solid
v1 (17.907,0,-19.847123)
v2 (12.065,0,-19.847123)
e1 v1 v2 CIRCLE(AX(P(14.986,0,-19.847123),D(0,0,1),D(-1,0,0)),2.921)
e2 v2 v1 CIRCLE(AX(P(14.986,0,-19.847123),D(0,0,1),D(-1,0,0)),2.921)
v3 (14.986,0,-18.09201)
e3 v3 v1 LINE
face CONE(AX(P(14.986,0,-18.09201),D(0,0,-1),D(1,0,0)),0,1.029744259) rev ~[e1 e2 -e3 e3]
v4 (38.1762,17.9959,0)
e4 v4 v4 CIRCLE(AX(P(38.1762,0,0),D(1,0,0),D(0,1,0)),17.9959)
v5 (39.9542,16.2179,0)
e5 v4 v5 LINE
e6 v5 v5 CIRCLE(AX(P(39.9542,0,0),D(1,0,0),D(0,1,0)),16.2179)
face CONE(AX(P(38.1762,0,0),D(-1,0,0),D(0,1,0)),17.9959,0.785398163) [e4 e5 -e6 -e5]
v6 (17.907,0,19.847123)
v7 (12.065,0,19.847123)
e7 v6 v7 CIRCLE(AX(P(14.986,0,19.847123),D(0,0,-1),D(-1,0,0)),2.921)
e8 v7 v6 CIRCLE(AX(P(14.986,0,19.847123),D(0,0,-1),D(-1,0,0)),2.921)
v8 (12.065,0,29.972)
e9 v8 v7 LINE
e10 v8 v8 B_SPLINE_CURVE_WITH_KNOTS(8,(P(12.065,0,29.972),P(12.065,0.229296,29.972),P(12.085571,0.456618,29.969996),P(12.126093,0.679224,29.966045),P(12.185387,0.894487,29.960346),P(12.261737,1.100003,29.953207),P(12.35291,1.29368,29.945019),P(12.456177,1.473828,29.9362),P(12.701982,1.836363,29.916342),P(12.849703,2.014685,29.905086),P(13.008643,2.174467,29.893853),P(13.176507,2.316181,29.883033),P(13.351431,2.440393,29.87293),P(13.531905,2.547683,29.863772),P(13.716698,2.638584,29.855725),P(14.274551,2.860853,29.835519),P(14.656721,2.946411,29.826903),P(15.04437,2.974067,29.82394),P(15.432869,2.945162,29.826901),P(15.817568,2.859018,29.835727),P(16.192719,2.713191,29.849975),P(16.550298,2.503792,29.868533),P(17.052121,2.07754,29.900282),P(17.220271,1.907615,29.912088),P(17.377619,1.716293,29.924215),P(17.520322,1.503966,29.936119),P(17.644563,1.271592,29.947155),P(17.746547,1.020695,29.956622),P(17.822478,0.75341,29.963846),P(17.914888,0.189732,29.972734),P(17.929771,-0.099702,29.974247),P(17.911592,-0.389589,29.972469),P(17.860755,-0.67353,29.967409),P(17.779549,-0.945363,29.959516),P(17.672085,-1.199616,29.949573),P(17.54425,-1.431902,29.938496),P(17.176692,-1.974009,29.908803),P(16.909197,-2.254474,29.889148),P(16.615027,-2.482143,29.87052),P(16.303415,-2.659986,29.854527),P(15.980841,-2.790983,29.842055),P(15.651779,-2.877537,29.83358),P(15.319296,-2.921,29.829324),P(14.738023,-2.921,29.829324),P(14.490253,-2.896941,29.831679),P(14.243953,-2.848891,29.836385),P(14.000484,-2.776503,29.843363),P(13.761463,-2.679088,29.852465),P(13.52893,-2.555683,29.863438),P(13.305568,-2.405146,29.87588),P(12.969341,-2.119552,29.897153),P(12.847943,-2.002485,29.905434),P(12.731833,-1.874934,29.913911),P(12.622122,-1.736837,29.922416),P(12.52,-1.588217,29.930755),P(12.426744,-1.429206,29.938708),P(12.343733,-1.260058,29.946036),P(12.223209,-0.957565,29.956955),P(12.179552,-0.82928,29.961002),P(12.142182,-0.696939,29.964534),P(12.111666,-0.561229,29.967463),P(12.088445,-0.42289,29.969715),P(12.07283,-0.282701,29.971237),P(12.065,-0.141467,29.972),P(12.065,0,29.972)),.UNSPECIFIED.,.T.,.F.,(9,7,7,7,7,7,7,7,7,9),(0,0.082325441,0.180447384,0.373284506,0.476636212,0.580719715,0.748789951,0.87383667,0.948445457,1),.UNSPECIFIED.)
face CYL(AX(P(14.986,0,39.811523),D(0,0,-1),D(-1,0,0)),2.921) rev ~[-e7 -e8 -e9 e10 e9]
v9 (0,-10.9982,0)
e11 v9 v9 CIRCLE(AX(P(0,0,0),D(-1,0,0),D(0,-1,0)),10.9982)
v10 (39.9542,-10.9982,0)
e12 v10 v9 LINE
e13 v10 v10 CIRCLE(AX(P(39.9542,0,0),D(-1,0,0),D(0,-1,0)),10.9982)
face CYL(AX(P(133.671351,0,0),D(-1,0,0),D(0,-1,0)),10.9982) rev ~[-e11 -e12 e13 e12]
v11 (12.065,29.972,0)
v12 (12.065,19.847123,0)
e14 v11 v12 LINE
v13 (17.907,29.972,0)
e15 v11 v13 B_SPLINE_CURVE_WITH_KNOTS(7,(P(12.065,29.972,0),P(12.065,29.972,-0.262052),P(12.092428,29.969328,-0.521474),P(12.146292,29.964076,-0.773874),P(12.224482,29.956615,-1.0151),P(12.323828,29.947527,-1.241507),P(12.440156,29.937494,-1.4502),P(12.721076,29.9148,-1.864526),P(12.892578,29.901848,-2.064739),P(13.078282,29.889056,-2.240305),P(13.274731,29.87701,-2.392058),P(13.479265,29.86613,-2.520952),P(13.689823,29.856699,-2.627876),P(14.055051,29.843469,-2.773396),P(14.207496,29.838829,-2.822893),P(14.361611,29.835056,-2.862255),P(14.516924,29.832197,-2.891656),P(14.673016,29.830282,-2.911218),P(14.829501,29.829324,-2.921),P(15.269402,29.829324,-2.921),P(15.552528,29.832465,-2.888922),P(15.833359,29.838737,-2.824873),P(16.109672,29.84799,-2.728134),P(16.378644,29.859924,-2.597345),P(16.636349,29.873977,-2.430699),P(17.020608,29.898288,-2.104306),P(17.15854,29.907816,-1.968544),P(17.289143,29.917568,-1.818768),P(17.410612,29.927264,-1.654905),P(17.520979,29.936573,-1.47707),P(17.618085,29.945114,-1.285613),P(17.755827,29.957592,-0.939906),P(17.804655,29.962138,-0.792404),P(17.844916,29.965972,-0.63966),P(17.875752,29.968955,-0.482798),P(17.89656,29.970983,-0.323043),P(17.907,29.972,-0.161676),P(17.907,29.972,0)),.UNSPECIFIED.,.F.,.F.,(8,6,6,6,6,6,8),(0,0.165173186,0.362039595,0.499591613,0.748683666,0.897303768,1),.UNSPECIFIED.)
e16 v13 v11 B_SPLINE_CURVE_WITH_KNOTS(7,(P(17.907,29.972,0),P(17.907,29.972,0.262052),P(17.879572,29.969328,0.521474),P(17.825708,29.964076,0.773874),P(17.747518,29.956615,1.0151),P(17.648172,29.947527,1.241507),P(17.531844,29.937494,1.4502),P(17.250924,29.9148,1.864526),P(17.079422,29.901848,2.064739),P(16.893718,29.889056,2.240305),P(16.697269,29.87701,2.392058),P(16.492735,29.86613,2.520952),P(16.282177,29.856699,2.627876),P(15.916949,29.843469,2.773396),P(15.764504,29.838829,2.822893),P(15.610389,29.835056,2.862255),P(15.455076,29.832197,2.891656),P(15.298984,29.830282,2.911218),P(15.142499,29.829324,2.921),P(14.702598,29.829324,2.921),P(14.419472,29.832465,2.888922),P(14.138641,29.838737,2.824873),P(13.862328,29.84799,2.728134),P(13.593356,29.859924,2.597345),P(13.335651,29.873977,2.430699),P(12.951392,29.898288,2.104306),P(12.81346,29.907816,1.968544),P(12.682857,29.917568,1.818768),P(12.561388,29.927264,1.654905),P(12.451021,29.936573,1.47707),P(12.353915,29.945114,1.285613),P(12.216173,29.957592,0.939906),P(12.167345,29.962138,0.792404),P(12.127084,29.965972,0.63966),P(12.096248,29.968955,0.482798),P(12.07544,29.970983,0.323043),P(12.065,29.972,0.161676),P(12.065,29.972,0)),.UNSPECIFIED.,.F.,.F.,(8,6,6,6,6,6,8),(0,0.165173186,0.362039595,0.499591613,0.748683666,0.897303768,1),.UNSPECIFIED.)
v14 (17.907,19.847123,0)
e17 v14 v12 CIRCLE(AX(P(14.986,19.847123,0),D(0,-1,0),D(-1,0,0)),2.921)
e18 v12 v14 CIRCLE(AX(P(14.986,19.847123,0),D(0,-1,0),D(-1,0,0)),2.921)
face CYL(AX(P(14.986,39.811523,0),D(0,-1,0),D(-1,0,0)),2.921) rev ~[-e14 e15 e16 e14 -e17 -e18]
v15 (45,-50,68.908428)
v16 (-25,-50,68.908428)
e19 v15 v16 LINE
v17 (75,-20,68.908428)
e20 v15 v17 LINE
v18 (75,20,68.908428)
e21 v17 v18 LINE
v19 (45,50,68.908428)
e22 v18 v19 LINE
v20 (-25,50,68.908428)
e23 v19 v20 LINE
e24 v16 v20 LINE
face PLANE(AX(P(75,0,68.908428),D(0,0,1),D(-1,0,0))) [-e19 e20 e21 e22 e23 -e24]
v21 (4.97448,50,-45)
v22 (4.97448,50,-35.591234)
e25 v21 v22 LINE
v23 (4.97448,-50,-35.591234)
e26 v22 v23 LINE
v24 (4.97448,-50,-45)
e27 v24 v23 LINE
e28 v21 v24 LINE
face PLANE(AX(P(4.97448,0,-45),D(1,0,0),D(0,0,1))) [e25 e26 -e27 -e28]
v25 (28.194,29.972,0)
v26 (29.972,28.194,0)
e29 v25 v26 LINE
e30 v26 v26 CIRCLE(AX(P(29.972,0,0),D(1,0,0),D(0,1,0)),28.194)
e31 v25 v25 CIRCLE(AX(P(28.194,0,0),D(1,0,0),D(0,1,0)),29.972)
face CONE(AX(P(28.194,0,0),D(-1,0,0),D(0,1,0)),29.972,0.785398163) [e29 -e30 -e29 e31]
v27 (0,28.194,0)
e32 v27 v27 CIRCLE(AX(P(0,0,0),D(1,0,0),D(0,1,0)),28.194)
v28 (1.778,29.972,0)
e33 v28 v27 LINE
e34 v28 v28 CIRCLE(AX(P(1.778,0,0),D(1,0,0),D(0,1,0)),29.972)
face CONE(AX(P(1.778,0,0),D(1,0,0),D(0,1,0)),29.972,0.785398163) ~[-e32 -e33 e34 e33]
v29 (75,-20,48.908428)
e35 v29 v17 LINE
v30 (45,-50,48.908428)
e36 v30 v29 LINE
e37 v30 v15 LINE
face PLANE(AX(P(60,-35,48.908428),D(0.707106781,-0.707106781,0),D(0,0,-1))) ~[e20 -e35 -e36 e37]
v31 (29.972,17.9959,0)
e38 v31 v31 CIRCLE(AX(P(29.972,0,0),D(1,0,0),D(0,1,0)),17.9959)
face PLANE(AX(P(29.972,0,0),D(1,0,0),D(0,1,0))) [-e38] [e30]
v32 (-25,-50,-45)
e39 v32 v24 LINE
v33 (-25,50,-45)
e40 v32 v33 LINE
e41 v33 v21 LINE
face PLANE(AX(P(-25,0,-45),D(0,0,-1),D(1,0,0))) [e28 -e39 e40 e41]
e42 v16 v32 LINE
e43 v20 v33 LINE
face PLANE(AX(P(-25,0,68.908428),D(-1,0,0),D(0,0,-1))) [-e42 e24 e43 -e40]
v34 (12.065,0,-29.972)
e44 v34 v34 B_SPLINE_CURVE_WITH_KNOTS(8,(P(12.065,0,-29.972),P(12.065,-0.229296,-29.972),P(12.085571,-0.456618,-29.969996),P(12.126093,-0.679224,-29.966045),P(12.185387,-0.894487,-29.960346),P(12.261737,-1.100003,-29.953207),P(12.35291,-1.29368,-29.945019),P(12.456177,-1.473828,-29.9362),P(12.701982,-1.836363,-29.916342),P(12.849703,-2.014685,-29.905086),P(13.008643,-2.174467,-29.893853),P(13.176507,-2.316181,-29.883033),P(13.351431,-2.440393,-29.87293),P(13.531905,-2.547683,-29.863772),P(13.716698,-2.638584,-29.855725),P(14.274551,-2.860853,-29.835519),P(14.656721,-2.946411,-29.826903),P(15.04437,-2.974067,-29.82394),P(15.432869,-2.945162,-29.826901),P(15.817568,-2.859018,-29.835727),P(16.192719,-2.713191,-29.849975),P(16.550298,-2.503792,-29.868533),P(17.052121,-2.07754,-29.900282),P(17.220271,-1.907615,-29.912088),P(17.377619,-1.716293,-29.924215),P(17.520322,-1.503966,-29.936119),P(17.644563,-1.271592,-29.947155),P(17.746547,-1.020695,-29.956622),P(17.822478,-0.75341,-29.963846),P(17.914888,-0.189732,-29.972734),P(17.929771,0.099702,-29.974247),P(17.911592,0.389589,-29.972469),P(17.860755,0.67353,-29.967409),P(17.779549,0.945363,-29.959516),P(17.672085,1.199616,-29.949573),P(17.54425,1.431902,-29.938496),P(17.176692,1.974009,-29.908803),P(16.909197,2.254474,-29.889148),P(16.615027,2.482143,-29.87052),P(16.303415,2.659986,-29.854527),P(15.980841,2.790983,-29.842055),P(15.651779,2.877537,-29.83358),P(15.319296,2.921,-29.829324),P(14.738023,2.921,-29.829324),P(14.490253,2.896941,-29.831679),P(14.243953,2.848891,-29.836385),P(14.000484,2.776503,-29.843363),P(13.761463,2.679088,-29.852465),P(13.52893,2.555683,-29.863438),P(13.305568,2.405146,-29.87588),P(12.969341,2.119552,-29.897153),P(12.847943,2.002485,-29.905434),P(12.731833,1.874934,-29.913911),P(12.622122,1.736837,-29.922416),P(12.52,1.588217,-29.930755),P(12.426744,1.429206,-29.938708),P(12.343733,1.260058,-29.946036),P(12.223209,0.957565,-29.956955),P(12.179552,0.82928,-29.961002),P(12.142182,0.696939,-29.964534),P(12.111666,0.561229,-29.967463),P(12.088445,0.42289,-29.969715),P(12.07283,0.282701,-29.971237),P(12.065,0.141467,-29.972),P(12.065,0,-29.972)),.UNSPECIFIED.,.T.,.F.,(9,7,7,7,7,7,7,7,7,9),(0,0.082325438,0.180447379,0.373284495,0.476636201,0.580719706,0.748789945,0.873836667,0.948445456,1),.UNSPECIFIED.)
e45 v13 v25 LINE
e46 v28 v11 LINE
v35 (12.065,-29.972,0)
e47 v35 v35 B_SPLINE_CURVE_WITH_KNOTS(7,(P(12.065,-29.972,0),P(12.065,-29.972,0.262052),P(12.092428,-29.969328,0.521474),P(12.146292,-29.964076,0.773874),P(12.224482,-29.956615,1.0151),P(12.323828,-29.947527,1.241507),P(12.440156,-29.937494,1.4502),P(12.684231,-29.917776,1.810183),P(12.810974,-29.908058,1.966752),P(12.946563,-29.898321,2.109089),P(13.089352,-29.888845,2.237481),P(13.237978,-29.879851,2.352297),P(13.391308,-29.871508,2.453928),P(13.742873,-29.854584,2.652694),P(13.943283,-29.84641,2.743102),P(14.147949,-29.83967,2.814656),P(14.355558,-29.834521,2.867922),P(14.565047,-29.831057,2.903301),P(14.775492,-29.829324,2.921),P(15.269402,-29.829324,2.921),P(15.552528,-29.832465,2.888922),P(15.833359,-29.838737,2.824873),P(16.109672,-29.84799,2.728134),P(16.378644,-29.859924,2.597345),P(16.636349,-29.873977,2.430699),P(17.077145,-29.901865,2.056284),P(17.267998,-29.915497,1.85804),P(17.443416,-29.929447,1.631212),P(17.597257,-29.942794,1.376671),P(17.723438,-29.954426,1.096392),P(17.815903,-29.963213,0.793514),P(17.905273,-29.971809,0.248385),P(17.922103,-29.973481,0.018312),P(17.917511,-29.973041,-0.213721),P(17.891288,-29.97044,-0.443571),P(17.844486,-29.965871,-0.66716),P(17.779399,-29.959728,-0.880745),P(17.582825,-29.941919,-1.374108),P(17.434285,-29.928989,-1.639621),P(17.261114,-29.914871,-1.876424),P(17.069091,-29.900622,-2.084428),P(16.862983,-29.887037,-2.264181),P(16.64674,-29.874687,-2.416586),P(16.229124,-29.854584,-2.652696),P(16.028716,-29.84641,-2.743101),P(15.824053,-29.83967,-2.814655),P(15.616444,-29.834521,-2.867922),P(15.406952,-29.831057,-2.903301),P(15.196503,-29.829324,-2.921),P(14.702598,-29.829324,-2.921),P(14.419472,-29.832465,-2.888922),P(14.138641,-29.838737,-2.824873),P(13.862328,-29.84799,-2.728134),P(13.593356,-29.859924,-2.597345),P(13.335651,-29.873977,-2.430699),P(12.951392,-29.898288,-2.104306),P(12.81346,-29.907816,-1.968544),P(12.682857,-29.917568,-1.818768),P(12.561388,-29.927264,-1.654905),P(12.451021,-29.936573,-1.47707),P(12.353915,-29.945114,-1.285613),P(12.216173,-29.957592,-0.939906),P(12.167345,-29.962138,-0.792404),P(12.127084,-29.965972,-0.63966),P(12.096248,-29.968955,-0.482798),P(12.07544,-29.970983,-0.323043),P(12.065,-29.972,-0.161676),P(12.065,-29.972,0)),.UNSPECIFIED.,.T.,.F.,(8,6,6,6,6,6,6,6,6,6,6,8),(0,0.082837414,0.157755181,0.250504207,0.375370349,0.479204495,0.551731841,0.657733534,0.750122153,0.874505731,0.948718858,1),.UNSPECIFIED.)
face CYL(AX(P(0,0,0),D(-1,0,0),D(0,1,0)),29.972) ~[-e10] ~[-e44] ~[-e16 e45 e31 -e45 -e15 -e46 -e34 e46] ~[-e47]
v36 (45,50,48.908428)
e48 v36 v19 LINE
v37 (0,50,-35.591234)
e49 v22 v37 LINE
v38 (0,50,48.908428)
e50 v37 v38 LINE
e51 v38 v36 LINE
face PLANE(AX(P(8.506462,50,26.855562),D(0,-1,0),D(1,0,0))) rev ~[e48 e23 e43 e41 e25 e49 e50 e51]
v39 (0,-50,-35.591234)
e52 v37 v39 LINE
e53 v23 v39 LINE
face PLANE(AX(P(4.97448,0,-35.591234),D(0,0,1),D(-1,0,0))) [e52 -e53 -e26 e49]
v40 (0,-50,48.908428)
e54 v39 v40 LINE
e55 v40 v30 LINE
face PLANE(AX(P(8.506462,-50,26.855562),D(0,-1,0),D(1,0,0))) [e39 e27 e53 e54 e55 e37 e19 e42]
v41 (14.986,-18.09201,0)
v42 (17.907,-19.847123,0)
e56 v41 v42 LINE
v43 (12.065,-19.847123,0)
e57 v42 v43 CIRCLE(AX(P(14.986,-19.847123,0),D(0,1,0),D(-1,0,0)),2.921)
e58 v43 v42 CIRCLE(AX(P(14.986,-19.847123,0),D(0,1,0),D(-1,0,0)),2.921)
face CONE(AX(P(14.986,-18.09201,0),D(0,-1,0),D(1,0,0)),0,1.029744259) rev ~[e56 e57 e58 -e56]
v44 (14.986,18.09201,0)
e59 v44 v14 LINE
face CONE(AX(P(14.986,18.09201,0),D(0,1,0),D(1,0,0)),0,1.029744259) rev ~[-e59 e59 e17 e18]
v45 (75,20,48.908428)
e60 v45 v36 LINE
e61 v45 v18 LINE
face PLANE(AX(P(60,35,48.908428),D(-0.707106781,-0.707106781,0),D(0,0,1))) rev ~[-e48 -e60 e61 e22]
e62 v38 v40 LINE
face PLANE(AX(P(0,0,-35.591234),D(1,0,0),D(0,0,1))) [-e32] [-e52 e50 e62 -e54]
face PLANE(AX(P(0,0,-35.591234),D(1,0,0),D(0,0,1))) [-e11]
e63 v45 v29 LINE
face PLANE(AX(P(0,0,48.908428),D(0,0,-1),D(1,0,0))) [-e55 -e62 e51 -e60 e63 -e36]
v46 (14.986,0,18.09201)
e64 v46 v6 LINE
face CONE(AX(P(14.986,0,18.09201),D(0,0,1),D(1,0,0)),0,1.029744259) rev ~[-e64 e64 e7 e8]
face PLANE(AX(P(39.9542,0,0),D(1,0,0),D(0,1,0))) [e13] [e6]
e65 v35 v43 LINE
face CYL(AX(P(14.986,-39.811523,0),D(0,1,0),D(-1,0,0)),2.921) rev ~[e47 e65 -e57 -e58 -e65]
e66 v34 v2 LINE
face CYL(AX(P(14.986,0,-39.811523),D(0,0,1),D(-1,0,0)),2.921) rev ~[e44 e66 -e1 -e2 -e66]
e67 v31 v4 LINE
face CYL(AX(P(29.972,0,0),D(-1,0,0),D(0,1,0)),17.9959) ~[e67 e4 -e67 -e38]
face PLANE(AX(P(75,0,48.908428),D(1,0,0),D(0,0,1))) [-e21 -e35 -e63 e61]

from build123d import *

# Parameters (mm, degrees)
F0_R      = 29.972
F1_DEPTH  = 29.972
F2_R      = 17.9959
F3_DEPTH  = 9.9822
F5_D      = 21.9964
F6_SIZE   = 1.778
F7_SIZE   = 1.778
F14_D     = 5.842
F14_DEPTH = 9.9822
F14_START = 0.1680766
F14_TIP   = 1.7551138682
F15_D     = 5.842
F15_DEPTH = 9.9822
F15_START = 0.1680766
F15_TIP   = 1.7551138682
F18_D     = 5.842
F18_DEPTH = 9.9822
F18_START = 0.1680766
F18_TIP   = 1.7551138682
F19_D     = 5.842
F19_DEPTH = 9.9822
F19_START = 0.1680766
F19_TIP   = 1.7551138682
F20_SIZE  = 1.778
F22_DEPTH = 50
F23_SIZE  = 30
F24_SIZE  = 30


with BuildPart() as f1:
    # F0 (on Right) → F1 (new body)
    with BuildSketch(Plane.YZ):
        Circle(F0_R)
    extrude(amount=F1_DEPTH)

    # F2 (on face) → F3 (join)
    with BuildSketch(Plane.YZ.offset(29.972)):
        Circle(F2_R)
    extrude(amount=F3_DEPTH)

    # F5 (through all)
    with Locations(Plane.YZ.offset(39.9542)):
        with Locations((0, 0)):
            Hole(F5_D / 2)

    # F6
    f6_edges = [f1.edges().sort_by_distance(p)[0] for p in [
        (0, -29.972, 0),
    ]]
    chamfer(f6_edges, length=F6_SIZE)

    # F7
    f7_edges = [f1.edges().sort_by_distance(p)[0] for p in [
        (29.972, -29.972, 0),
    ]]
    chamfer(f7_edges, length=F7_SIZE)

    # F14
    # its depths count from where the whole tool has entered the part; down to there all is cleared
    with Locations(Plane(origin=(0, 29.9974, 0), x_dir=(1, 0, 0), z_dir=(0, 1, 0)).offset(-F14_START)):
        with Locations((14.986, 0)):
            Hole(F14_D / 2, depth=F14_DEPTH)
            with Locations((0, 0, -(F14_DEPTH + F14_TIP / 2))):  # 118° drill point
                Cone(0, F14_D / 2, F14_TIP, mode=Mode.SUBTRACT)

    # F15
    # its depths count from where the whole tool has entered the part; down to there all is cleared
    with Locations(Plane.XZ.offset(29.9974).offset(-F15_START)):
        with Locations((14.986, 0)):
            Hole(F15_D / 2, depth=F15_DEPTH)
            with Locations((0, 0, -(F15_DEPTH + F15_TIP / 2))):  # 118° drill point
                Cone(0, F15_D / 2, F15_TIP, mode=Mode.SUBTRACT)

    # F18
    # its depths count from where the whole tool has entered the part; down to there all is cleared
    with Locations(Plane(origin=(0, 0, -29.9974), x_dir=(1, 0, 0), z_dir=(0, 0, -1)).offset(-F18_START)):
        with Locations((14.986, 0)):
            Hole(F18_D / 2, depth=F18_DEPTH)
            with Locations((0, 0, -(F18_DEPTH + F18_TIP / 2))):  # 118° drill point
                Cone(0, F18_D / 2, F18_TIP, mode=Mode.SUBTRACT)

    # F19
    # its depths count from where the whole tool has entered the part; down to there all is cleared
    with Locations(Plane.XY.offset(29.9974).offset(-F19_START)):
        with Locations((14.986, 0)):
            Hole(F19_D / 2, depth=F19_DEPTH)
            with Locations((0, 0, -(F19_DEPTH + F19_TIP / 2))):  # 118° drill point
                Cone(0, F19_D / 2, F19_TIP, mode=Mode.SUBTRACT)

    # F20
    f20_edges = [f1.edges().sort_by_distance(p)[0] for p in [
        (39.9542, -17.9959, 0),
    ]]
    chamfer(f20_edges, length=F20_SIZE)

    # F21 (on Front) → F22 (join, symmetric)
    with BuildSketch(Plane.XZ):
        Polygon((-25, -45), (0, -45), (4.9744802527, -45), (4.9744802527, -35.5912335217), (0, -35.5912335217), (0, 0), (0, 48.9084279899), (75, 48.9084279899), (75, 68.9084279899), (-25, 68.9084279899), align=None)
    extrude(amount=F22_DEPTH, both=True)

    # F23
    f23_edges = [f1.edges().sort_by_distance(p)[0] for p in [
        (75, -50, 58.908428),
    ]]
    chamfer(f23_edges, length=F23_SIZE)

    # F24
    f24_edges = [f1.edges().sort_by_distance(p)[0] for p in [
        (75, 50, 58.908428),
    ]]
    chamfer(f24_edges, length=F24_SIZE)


solid = f1.part
